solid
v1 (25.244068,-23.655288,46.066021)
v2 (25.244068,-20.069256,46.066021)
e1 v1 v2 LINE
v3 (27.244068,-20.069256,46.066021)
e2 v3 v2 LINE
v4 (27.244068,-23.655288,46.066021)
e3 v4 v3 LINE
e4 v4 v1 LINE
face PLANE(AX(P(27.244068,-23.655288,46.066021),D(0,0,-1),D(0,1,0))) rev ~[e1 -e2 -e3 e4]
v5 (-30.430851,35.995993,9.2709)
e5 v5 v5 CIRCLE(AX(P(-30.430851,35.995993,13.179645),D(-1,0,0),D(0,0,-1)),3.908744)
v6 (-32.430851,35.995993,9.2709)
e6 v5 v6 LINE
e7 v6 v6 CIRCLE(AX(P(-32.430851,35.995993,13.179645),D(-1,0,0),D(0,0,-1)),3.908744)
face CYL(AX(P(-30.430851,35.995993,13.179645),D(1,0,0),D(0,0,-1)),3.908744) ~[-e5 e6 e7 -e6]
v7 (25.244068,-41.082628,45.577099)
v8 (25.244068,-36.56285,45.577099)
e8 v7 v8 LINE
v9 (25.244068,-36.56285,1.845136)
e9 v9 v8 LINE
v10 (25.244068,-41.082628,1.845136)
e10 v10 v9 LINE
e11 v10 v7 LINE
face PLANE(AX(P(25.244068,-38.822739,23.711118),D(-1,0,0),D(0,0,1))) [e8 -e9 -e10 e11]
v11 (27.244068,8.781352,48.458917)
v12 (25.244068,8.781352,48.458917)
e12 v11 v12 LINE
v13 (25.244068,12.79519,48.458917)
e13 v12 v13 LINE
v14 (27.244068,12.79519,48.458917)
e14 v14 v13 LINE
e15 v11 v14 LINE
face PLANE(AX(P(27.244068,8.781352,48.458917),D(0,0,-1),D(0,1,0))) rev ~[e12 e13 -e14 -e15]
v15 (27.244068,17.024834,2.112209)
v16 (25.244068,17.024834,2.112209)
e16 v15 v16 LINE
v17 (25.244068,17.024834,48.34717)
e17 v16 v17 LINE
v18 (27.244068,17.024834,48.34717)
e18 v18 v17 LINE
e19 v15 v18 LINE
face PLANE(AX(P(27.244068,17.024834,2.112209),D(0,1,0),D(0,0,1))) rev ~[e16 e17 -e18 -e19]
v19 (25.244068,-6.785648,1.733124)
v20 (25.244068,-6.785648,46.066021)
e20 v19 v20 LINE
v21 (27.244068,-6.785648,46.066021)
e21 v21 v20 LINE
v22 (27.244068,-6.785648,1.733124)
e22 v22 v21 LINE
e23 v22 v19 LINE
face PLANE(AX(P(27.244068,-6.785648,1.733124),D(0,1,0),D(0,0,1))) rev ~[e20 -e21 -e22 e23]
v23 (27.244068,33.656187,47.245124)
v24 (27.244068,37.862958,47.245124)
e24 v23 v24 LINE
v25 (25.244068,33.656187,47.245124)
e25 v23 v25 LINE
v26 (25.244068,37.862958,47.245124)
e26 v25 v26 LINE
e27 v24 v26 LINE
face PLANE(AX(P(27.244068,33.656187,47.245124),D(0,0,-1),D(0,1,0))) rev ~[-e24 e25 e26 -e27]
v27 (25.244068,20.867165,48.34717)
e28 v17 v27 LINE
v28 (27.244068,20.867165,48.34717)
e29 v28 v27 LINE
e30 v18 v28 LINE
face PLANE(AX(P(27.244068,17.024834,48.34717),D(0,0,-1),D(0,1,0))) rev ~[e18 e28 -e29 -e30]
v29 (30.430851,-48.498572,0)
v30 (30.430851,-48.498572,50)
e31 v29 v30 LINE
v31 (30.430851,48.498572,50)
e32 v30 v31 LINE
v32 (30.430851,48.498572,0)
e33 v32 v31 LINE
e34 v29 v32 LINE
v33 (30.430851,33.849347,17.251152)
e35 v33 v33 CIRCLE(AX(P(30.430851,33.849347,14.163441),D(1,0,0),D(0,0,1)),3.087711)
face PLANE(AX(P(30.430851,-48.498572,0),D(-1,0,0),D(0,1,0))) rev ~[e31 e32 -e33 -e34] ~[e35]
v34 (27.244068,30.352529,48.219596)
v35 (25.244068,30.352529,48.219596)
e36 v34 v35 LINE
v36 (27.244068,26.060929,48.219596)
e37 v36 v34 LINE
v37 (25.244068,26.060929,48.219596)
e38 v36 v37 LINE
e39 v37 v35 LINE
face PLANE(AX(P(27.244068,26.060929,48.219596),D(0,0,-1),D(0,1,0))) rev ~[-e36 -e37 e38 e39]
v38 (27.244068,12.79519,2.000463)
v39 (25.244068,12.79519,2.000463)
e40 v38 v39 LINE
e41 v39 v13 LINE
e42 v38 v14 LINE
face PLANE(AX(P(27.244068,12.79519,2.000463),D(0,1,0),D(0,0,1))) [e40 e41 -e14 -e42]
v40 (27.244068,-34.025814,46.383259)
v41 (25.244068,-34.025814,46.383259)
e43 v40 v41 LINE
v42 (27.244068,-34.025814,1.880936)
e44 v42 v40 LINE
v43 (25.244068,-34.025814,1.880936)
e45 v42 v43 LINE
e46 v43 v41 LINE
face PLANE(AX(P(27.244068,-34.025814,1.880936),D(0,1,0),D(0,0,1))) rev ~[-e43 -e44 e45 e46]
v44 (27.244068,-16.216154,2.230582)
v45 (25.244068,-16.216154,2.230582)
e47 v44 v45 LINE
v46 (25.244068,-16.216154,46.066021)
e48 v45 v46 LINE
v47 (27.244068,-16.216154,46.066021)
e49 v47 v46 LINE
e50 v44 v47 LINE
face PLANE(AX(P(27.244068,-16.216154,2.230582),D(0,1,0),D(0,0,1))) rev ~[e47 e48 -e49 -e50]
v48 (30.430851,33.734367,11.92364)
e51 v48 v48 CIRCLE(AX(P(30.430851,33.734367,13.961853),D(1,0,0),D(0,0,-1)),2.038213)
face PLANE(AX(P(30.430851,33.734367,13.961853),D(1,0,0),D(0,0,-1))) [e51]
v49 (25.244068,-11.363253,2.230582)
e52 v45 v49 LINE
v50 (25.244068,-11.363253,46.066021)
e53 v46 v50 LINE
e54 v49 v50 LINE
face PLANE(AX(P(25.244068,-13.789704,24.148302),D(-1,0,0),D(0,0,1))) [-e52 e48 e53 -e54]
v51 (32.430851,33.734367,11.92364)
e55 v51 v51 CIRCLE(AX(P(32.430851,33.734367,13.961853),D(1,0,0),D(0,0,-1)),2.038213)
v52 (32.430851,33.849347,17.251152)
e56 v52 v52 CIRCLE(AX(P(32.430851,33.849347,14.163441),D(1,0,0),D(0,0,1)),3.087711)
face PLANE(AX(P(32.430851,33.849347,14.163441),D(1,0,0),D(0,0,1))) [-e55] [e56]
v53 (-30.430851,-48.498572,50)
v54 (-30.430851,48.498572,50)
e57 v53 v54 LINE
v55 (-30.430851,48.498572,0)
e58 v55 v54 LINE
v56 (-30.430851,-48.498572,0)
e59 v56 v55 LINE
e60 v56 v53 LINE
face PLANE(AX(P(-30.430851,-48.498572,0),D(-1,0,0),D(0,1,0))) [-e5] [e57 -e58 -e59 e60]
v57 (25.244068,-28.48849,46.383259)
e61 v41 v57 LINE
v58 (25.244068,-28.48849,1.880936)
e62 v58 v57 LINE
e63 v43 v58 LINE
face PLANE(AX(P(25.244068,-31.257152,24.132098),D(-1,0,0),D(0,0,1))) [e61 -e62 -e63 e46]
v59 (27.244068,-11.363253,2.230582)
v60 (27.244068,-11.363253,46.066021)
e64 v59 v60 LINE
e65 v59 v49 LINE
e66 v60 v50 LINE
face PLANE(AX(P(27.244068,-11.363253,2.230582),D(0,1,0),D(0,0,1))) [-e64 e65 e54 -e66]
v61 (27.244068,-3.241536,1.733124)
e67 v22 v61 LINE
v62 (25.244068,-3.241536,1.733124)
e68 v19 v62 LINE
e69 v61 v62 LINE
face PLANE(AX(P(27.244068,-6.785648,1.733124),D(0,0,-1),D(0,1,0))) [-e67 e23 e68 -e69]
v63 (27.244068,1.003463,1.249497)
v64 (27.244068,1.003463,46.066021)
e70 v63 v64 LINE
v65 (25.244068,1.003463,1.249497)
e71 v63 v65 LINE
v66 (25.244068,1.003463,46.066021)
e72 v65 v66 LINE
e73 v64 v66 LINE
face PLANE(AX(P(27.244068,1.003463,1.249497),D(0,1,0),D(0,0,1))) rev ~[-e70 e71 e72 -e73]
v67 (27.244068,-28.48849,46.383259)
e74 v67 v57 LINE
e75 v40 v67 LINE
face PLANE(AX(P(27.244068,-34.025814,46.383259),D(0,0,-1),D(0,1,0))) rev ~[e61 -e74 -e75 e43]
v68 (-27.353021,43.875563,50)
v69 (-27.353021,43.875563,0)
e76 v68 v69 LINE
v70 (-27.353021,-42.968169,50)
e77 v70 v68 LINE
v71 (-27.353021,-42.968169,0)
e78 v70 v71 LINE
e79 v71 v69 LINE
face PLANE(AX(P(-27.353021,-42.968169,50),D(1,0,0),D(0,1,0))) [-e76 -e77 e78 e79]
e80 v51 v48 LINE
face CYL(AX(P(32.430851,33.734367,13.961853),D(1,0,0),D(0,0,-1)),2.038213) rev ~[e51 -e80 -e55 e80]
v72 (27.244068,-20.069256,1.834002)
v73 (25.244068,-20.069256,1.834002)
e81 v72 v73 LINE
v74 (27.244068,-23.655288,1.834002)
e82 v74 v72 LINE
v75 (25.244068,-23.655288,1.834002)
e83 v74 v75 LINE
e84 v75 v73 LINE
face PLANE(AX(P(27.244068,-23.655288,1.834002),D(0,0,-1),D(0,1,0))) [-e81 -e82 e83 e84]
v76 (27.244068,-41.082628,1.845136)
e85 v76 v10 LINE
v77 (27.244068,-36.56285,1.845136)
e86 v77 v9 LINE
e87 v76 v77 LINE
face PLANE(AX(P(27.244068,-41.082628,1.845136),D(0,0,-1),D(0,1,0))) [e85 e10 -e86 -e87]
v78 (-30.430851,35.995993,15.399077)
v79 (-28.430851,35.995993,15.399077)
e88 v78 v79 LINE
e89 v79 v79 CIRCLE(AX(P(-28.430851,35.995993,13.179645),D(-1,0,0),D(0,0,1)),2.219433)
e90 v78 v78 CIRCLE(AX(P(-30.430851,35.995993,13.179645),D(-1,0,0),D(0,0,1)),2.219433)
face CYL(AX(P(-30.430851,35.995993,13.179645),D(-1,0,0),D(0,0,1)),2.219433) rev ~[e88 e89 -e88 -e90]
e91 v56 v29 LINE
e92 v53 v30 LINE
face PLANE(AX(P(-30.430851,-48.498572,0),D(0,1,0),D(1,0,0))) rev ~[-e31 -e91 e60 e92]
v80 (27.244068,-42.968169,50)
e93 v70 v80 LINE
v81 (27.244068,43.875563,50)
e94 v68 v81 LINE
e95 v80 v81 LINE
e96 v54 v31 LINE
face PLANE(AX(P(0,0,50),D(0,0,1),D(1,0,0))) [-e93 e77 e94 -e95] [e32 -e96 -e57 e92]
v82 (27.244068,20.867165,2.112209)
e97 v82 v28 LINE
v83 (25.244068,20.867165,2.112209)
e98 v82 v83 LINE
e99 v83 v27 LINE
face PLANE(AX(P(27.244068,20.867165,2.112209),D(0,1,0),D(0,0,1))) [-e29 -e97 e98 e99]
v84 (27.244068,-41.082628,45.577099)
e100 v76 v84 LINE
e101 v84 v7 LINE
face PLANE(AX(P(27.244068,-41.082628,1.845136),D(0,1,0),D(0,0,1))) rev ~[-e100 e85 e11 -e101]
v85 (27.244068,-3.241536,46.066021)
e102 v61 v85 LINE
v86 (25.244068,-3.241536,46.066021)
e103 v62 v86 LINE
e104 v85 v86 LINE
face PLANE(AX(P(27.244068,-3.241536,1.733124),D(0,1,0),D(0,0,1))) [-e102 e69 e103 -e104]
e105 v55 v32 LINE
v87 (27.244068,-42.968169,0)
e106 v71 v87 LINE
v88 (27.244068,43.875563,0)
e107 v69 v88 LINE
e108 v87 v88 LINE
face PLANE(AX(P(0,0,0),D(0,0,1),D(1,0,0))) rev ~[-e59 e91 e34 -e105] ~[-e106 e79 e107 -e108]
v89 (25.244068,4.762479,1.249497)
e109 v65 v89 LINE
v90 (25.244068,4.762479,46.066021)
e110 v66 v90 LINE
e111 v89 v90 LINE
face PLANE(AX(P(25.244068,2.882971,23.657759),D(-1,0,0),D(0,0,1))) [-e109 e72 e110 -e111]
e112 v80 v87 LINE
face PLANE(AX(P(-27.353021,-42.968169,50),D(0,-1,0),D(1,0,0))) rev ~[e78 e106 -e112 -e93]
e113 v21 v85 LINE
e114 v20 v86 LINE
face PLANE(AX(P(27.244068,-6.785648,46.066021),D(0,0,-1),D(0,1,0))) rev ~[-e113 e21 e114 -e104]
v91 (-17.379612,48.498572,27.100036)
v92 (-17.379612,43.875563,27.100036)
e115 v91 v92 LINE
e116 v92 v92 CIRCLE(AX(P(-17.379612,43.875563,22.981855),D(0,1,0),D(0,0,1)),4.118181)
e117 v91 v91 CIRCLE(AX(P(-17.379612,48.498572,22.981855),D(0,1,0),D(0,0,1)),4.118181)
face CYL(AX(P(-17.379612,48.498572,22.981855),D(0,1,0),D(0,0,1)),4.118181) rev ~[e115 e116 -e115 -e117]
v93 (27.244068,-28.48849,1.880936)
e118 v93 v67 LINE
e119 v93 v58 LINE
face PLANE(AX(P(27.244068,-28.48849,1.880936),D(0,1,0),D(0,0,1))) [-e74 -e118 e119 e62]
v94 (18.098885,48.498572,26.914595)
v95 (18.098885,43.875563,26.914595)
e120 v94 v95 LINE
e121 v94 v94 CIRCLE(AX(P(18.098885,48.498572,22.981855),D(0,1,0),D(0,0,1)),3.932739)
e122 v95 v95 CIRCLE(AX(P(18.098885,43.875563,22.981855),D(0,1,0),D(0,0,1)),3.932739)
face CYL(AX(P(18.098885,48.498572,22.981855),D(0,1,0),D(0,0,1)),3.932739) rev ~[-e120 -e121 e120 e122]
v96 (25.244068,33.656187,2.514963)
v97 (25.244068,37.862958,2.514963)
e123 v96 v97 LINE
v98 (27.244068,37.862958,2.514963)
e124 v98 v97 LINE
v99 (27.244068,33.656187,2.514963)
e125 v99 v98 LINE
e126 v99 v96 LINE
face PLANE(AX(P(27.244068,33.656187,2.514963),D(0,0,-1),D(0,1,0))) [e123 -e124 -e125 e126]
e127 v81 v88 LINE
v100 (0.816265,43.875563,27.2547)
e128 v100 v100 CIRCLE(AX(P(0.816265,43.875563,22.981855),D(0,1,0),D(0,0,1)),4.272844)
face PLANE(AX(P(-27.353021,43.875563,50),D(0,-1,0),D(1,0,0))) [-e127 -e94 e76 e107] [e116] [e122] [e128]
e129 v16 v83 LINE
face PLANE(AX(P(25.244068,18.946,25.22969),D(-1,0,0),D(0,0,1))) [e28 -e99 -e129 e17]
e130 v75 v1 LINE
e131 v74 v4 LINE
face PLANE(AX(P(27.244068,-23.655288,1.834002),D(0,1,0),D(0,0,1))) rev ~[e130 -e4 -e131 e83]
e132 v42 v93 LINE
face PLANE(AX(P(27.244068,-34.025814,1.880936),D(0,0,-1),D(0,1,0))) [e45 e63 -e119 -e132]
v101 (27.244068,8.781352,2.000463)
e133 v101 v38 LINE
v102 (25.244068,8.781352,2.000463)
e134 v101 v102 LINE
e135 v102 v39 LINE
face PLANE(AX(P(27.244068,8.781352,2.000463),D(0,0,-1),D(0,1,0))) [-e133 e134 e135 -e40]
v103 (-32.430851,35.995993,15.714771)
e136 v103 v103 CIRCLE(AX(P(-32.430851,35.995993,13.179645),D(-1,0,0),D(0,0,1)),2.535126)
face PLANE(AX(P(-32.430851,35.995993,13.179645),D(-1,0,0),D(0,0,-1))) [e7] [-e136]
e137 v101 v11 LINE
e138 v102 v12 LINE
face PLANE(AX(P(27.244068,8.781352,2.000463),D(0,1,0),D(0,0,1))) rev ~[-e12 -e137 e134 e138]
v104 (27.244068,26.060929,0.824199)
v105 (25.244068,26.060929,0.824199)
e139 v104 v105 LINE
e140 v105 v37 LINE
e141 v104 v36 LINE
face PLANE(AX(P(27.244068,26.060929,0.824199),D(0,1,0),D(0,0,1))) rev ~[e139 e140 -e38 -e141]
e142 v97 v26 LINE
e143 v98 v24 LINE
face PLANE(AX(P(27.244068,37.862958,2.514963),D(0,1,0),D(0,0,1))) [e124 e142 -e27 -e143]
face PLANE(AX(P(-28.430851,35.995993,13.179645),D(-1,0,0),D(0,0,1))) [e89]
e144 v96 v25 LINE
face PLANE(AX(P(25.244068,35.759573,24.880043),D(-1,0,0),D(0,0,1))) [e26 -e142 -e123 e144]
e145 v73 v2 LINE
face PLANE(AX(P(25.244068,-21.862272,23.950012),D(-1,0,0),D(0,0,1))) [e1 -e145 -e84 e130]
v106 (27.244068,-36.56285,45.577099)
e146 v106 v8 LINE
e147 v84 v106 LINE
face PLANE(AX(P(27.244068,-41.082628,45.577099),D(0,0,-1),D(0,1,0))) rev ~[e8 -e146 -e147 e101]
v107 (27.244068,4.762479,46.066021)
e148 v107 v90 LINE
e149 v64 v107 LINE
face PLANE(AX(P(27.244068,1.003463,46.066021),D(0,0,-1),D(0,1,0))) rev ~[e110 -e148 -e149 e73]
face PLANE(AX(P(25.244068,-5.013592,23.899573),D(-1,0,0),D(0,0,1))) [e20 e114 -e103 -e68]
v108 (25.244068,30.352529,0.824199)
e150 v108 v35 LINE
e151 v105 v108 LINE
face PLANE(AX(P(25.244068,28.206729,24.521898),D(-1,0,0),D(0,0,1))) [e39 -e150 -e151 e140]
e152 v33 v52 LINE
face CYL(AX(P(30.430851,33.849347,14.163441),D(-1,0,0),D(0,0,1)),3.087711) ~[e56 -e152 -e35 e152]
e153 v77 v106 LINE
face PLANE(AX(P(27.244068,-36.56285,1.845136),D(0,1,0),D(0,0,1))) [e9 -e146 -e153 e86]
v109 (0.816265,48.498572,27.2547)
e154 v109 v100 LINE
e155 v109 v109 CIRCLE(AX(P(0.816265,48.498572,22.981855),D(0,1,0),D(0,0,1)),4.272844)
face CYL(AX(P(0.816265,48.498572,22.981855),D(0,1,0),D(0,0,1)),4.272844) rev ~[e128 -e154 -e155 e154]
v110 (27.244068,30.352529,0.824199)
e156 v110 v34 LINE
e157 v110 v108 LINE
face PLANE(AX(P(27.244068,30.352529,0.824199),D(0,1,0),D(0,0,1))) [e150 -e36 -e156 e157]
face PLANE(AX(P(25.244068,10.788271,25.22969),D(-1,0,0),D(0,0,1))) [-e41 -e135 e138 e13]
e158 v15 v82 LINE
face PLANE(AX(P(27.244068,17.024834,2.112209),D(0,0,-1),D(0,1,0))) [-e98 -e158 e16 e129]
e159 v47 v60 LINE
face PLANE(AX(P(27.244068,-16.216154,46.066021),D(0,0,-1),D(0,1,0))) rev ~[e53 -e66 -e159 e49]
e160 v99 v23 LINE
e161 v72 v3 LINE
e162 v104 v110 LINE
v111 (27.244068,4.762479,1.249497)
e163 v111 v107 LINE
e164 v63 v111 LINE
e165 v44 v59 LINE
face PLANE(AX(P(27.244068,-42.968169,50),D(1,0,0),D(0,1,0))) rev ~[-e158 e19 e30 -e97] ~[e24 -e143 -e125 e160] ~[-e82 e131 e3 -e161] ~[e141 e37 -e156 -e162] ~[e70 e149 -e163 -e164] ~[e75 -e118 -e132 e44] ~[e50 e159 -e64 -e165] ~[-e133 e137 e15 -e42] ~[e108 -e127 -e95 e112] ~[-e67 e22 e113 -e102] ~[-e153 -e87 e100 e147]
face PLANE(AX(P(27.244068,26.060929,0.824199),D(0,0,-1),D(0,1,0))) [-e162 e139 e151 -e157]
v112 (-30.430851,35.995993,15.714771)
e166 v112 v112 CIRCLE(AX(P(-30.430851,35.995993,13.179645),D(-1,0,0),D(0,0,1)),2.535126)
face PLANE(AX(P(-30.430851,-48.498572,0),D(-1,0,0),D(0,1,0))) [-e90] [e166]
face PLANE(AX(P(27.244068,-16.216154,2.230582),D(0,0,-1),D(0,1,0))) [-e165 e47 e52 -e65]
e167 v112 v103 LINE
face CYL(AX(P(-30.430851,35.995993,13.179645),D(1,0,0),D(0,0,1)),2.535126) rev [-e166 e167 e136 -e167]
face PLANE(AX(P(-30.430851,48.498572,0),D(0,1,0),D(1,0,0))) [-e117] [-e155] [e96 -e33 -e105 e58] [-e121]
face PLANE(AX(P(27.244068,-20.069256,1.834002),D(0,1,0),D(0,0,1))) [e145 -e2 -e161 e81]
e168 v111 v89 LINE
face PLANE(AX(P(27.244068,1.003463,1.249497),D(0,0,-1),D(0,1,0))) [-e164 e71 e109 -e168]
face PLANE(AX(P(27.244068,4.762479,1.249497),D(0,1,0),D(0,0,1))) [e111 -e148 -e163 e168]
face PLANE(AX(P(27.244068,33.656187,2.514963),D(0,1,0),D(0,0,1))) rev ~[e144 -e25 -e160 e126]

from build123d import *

# Parameters (mm, degrees)
SKETCH1_W           = 60.861702088
SKETCH1_H           = 96.997143498
BOSS_EXTRUDE1_DEPTH = 50
SKETCH2_W           = 54.597089422
SKETCH2_H           = 86.84373193
CUT_EXTRUDE1_DEPTH  = 50
SKETCH3_R           = 4.118180668
SKETCH3_R_2         = 4.272844434
SKETCH3_R_3         = 3.932739474
CUT_EXTRUDE2_DEPTH  = 6
SKETCH4_R           = 3.08771087
BOSS_EXTRUDE2_DEPTH = 2
SKETCH5_R           = 2.038212953
CUT_EXTRUDE3_DEPTH  = 2
SKETCH6_R           = 3.908744467
SKETCH6_R_2         = 2.535125685
BOSS_EXTRUDE3_DEPTH = 2
SKETCH7_R           = 2.219432532
CUT_EXTRUDE4_DEPTH  = 2
SKETCH8_W           = 47.395397398
SKETCH8_H           = 4.29160036
SKETCH8_W_2         = 46.234961005
SKETCH8_H_2         = 3.842331126
SKETCH8_W_3         = 46.458453643
SKETCH8_H_3         = 4.013838195
SKETCH8_W_4         = 44.816524007
SKETCH8_H_4         = 3.759016324
SKETCH8_W_5         = 44.332896866
SKETCH8_H_5         = 3.544111845
SKETCH8_W_6         = 43.835439371
SKETCH8_H_6         = 4.852900567
SKETCH8_W_7         = 44.232019009
SKETCH8_H_7         = 3.586032373
SKETCH8_W_8         = 44.502323157
SKETCH8_H_8         = 5.537324529
BOSS_EXTRUDE4_DEPTH = 2
SKETCH9_W           = 44.730161392
SKETCH9_H           = 4.206770637
SKETCH9_W_2         = 43.731962655
SKETCH9_H_2         = 4.51977805
BOSS_EXTRUDE5_DEPTH = 2


with BuildPart() as part:
    # Sketch1 → Boss-Extrude1 (new body)
    with BuildSketch(Plane.XY):
        Rectangle(SKETCH1_W, SKETCH1_H)
    extrude(amount=BOSS_EXTRUDE1_DEPTH)

    # Sketch2 → Cut-Extrude1 (cut)
    with BuildSketch(Plane.XY.offset(50)):
        with Locations((-0.054476232, 0.453696841)):
            Rectangle(SKETCH2_W, SKETCH2_H)
    extrude(amount=-CUT_EXTRUDE1_DEPTH, mode=Mode.SUBTRACT)

    # Sketch3 → Cut-Extrude2 (cut)
    with BuildSketch(Plane(origin=(0, 48.498571749, 0), x_dir=(1, 0, 0), z_dir=(0, 1, 0))):
        with Locations(Location((-17.379612091, -22.981855157, 0), (0, 0, 270))):
            Circle(SKETCH3_R)
        with Locations(Location((0.816264726, -22.981855157, 0), (0, 0, 270))):
            Circle(SKETCH3_R_2)
        with Locations(Location((18.098885302, -22.981855157, 0), (0, 0, 270))):
            Circle(SKETCH3_R_3)
    extrude(amount=-CUT_EXTRUDE2_DEPTH, mode=Mode.SUBTRACT)

    # Sketch4 → Boss-Extrude2 (add)
    with BuildSketch(Plane(origin=(30.430851044, 0, 0), x_dir=(0, 0, -1), z_dir=(1, 0, 0))):
        with Locations(Location((-14.163441472, 33.849346779, 0), (0, 0, 180))):
            Circle(SKETCH4_R)
    extrude(amount=BOSS_EXTRUDE2_DEPTH)

    # Sketch5 → Cut-Extrude3 (cut)
    with BuildSketch(Plane(origin=(32.430851044, 0, 0), x_dir=(0, 0, -1), z_dir=(1, 0, 0))):
        with Locations((-13.96185256, 33.734367255)):
            Circle(SKETCH5_R)
    extrude(amount=-CUT_EXTRUDE3_DEPTH, mode=Mode.SUBTRACT)

    # Sketch6 → Boss-Extrude3 (add)
    with BuildSketch(Plane.ZY.offset(30.430851044)):
        with Locations(Location((13.179644946, 35.995992558, 0), (0, 0, 180))):
            Circle(SKETCH6_R)
        with Locations((13.179644946, 35.995992558)):
            Circle(SKETCH6_R_2, mode=Mode.SUBTRACT)
    extrude(amount=BOSS_EXTRUDE3_DEPTH)

    # Sketch7 → Cut-Extrude4 (cut)
    with BuildSketch(Plane.ZY.offset(30.430851044)):
        with Locations((13.179644946, 35.995992558)):
            Circle(SKETCH7_R)
    extrude(amount=-CUT_EXTRUDE4_DEPTH, mode=Mode.SUBTRACT)

    # Sketch8 → Boss-Extrude4 (add)
    with BuildSketch(Plane.ZY.offset(-27.244068479)):
        with Locations((24.521897503, 28.206728859)):
            Rectangle(SKETCH8_W, SKETCH8_H)
        with Locations((25.229689805, 18.94599963)):
            Rectangle(SKETCH8_W_2, SKETCH8_H_2)
        with Locations((25.229689805, 10.788271288)):
            Rectangle(SKETCH8_W_3, SKETCH8_H_3)
        with Locations((23.657759327, 2.882970932)):
            Rectangle(SKETCH8_W_4, SKETCH8_H_4)
        with Locations((23.899572897, -5.013591611)):
            Rectangle(SKETCH8_W_5, SKETCH8_H_5)
        with Locations((24.148301645, -13.789703554)):
            Rectangle(SKETCH8_W_6, SKETCH8_H_6)
        with Locations((23.950011826, -21.862272303)):
            Rectangle(SKETCH8_W_7, SKETCH8_H_7)
        with Locations((24.1320976, -31.257152078)):
            Rectangle(SKETCH8_W_8, SKETCH8_H_8)
    extrude(amount=BOSS_EXTRUDE4_DEPTH)

    # Sketch9 → Boss-Extrude5 (add)
    with BuildSketch(Plane.ZY.offset(-27.244068479)):
        with Locations((24.880043499, 35.759572617)):
            Rectangle(SKETCH9_W, SKETCH9_H)
        with Locations((23.711117662, -38.822738944)):
            Rectangle(SKETCH9_W_2, SKETCH9_H_2)
    extrude(amount=BOSS_EXTRUDE5_DEPTH)


solid = part.part
